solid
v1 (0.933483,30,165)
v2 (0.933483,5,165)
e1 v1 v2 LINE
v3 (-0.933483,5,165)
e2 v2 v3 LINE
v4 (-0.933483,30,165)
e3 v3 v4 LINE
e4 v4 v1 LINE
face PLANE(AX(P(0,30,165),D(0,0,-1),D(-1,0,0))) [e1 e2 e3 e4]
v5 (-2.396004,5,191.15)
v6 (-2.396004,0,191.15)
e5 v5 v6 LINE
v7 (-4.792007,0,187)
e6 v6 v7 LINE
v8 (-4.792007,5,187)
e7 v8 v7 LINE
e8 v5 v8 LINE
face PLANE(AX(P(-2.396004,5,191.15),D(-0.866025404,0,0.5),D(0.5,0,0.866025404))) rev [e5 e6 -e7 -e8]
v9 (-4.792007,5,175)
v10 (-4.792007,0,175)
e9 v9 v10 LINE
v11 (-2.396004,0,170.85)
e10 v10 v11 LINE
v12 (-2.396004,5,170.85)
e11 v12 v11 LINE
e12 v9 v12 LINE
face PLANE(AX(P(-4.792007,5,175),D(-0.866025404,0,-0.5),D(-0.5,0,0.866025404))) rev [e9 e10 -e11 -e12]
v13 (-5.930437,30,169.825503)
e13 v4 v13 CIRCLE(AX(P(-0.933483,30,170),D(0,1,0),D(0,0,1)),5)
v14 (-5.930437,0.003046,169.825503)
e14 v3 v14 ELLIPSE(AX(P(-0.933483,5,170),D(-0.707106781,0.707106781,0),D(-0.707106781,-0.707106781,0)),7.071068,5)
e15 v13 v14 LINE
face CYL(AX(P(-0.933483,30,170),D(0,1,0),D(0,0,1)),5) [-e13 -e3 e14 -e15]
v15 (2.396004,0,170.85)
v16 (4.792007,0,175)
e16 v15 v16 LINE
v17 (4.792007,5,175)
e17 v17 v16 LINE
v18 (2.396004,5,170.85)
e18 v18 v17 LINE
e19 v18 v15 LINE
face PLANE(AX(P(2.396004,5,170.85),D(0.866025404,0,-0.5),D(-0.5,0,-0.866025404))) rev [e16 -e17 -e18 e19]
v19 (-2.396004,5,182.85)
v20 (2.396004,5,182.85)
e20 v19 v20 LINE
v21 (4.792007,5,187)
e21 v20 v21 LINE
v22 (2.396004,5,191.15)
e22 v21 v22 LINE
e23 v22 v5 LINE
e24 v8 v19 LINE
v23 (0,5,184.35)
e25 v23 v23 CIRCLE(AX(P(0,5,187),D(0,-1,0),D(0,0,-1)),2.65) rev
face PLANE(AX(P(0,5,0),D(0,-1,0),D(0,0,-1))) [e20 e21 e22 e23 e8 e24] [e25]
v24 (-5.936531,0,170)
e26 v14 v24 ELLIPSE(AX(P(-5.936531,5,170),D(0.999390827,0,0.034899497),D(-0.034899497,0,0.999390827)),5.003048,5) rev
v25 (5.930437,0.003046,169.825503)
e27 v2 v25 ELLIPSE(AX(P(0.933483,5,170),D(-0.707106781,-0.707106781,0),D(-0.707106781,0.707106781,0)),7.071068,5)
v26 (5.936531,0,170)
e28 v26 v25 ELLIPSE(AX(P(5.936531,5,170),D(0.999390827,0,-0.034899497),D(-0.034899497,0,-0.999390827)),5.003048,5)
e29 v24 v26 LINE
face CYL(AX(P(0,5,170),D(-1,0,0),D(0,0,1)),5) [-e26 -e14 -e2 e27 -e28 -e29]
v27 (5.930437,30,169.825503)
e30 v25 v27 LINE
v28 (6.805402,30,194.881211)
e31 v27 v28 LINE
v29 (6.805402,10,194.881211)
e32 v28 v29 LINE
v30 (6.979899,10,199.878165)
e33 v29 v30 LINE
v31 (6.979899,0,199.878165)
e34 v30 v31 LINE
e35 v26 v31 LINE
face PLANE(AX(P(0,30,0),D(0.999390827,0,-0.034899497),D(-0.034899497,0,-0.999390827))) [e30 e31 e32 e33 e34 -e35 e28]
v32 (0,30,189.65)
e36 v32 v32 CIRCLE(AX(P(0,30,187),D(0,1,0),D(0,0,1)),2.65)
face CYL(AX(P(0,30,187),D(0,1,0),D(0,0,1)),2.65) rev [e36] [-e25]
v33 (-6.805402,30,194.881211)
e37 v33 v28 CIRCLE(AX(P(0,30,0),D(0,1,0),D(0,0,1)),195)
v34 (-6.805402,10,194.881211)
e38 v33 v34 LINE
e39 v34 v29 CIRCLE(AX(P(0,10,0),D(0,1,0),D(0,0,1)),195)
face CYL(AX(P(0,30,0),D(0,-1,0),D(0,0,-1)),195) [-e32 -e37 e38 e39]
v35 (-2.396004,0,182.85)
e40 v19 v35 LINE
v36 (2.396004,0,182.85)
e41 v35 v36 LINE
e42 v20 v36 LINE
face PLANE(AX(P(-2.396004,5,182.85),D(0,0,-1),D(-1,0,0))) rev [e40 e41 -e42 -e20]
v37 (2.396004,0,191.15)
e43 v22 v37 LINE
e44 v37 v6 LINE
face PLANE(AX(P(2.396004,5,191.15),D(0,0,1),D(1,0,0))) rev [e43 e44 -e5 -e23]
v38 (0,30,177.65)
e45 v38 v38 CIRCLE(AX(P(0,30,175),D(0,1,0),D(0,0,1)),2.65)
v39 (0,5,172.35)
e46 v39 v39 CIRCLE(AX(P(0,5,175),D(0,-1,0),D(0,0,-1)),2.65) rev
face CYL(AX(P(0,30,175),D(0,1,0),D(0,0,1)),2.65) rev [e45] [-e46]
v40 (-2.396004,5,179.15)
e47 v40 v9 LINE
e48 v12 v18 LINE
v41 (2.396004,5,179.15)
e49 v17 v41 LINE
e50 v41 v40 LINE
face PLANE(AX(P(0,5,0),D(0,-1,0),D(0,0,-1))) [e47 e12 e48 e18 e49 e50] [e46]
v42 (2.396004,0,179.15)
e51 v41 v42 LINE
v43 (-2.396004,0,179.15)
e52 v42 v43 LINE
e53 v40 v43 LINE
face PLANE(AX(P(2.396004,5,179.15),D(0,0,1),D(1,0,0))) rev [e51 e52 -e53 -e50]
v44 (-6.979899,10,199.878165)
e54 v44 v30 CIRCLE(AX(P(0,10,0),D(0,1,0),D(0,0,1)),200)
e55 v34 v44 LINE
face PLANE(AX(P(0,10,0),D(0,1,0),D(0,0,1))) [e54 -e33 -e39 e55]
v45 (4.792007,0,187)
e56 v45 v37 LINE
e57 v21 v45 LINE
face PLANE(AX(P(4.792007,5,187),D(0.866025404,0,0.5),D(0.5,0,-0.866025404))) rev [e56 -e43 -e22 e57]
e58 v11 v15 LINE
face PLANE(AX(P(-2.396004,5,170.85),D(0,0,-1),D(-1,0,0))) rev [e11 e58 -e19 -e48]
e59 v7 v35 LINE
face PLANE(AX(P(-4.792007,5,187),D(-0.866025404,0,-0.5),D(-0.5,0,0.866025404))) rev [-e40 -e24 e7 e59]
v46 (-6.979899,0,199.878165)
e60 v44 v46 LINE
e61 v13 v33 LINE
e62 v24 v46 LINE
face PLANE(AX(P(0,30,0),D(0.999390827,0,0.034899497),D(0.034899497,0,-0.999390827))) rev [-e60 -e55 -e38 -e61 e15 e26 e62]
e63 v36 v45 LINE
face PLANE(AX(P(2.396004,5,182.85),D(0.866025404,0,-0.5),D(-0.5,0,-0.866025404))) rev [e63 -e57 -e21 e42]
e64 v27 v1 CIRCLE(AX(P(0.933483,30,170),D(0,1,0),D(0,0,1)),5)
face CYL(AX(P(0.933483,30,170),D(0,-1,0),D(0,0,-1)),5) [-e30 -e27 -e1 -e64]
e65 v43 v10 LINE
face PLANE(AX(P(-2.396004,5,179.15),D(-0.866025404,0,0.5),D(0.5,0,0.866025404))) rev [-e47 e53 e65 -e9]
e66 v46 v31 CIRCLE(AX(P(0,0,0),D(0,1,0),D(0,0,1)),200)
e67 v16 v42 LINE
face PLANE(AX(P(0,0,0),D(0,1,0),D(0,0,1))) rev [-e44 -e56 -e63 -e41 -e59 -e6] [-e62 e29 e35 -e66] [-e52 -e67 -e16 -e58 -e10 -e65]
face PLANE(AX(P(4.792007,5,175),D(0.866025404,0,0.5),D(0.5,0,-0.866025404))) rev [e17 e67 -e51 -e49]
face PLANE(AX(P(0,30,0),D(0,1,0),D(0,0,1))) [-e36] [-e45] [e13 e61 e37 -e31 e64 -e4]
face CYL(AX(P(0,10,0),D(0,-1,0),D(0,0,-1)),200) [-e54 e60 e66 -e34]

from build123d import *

# Parameters (mm, degrees)
EXTRUDE_583_DEPTH   = 30
EXTRUDE_631_DEPTH   = 10
FILLET_1_R          = 5
HOLE_WIZARD_M5_1_D  = 5.3
CUT_EXTRUDE_1_DEPTH = 5


with BuildPart() as part:
    # 草图1 → Extrude 583 (new body)
    with BuildSketch(Plane(origin=(0, 0, 0), x_dir=(1, 0, 0), z_dir=(0, 1, 0))):
        with BuildLine():
            Line((5.761926966, -165), (-5.761926966, -165))
            Line((-5.761926966, -165), (-6.805401857, -194.881211269))
            ThreePointArc((-6.805401857, -194.881211269), (0, -195), (6.805401857, -194.881211269))
            Line((6.805401857, -194.881211269), (5.761926966, -165))
        make_face()
    extrude(amount=EXTRUDE_583_DEPTH)

    # 草图1<3> → Extrude 631 (add)
    with BuildSketch(Plane(origin=(0, 0, 0), x_dir=(1, 0, 0), z_dir=(0, 1, 0))):
        with BuildLine():
            ThreePointArc((6.805401857, -194.881211269), (0, -195), (-6.805401857, -194.881211269))
            Line((-6.805401857, -194.881211269), (-6.979899341, -199.878165404))
            ThreePointArc((-6.979899341, -199.878165404), (0, -200), (6.979899341, -199.878165404))
            Line((6.979899341, -199.878165404), (6.805401857, -194.881211269))
        make_face()
    extrude(amount=EXTRUDE_631_DEPTH)

    # 圆角1
    fillet_1_edges = [part.edges().sort_by_distance(p)[0] for p in [
        (0, 0, 165),
        (-5.761926966, 15, 165),
        (5.761926966, 15, 165),
    ]]
    fillet(fillet_1_edges, radius=FILLET_1_R)

    # M5 间隙孔1 (through all)
    with Locations(Plane(origin=(0, 30, 0), x_dir=(1, 0, 0), z_dir=(0, 1, 0))):
        with Locations((0, -187), (0, -175)):
            Hole(HOLE_WIZARD_M5_1_D / 2)

    # 草图6 → 切除-拉伸1 (cut)
    with BuildSketch(Plane.XZ):
        Polygon((-4.792007234, 175), (-2.396003617, 170.85), (2.396003617, 170.85), (4.792007234, 175), (2.396003617, 179.15), (-2.396003617, 179.15), align=None)
        Polygon((-4.792007234, 187), (-2.396003617, 182.85), (2.396003617, 182.85), (4.792007234, 187), (2.396003617, 191.15), (-2.396003617, 191.15), align=None)
    extrude(amount=-CUT_EXTRUDE_1_DEPTH, mode=Mode.SUBTRACT)


solid = part.part
